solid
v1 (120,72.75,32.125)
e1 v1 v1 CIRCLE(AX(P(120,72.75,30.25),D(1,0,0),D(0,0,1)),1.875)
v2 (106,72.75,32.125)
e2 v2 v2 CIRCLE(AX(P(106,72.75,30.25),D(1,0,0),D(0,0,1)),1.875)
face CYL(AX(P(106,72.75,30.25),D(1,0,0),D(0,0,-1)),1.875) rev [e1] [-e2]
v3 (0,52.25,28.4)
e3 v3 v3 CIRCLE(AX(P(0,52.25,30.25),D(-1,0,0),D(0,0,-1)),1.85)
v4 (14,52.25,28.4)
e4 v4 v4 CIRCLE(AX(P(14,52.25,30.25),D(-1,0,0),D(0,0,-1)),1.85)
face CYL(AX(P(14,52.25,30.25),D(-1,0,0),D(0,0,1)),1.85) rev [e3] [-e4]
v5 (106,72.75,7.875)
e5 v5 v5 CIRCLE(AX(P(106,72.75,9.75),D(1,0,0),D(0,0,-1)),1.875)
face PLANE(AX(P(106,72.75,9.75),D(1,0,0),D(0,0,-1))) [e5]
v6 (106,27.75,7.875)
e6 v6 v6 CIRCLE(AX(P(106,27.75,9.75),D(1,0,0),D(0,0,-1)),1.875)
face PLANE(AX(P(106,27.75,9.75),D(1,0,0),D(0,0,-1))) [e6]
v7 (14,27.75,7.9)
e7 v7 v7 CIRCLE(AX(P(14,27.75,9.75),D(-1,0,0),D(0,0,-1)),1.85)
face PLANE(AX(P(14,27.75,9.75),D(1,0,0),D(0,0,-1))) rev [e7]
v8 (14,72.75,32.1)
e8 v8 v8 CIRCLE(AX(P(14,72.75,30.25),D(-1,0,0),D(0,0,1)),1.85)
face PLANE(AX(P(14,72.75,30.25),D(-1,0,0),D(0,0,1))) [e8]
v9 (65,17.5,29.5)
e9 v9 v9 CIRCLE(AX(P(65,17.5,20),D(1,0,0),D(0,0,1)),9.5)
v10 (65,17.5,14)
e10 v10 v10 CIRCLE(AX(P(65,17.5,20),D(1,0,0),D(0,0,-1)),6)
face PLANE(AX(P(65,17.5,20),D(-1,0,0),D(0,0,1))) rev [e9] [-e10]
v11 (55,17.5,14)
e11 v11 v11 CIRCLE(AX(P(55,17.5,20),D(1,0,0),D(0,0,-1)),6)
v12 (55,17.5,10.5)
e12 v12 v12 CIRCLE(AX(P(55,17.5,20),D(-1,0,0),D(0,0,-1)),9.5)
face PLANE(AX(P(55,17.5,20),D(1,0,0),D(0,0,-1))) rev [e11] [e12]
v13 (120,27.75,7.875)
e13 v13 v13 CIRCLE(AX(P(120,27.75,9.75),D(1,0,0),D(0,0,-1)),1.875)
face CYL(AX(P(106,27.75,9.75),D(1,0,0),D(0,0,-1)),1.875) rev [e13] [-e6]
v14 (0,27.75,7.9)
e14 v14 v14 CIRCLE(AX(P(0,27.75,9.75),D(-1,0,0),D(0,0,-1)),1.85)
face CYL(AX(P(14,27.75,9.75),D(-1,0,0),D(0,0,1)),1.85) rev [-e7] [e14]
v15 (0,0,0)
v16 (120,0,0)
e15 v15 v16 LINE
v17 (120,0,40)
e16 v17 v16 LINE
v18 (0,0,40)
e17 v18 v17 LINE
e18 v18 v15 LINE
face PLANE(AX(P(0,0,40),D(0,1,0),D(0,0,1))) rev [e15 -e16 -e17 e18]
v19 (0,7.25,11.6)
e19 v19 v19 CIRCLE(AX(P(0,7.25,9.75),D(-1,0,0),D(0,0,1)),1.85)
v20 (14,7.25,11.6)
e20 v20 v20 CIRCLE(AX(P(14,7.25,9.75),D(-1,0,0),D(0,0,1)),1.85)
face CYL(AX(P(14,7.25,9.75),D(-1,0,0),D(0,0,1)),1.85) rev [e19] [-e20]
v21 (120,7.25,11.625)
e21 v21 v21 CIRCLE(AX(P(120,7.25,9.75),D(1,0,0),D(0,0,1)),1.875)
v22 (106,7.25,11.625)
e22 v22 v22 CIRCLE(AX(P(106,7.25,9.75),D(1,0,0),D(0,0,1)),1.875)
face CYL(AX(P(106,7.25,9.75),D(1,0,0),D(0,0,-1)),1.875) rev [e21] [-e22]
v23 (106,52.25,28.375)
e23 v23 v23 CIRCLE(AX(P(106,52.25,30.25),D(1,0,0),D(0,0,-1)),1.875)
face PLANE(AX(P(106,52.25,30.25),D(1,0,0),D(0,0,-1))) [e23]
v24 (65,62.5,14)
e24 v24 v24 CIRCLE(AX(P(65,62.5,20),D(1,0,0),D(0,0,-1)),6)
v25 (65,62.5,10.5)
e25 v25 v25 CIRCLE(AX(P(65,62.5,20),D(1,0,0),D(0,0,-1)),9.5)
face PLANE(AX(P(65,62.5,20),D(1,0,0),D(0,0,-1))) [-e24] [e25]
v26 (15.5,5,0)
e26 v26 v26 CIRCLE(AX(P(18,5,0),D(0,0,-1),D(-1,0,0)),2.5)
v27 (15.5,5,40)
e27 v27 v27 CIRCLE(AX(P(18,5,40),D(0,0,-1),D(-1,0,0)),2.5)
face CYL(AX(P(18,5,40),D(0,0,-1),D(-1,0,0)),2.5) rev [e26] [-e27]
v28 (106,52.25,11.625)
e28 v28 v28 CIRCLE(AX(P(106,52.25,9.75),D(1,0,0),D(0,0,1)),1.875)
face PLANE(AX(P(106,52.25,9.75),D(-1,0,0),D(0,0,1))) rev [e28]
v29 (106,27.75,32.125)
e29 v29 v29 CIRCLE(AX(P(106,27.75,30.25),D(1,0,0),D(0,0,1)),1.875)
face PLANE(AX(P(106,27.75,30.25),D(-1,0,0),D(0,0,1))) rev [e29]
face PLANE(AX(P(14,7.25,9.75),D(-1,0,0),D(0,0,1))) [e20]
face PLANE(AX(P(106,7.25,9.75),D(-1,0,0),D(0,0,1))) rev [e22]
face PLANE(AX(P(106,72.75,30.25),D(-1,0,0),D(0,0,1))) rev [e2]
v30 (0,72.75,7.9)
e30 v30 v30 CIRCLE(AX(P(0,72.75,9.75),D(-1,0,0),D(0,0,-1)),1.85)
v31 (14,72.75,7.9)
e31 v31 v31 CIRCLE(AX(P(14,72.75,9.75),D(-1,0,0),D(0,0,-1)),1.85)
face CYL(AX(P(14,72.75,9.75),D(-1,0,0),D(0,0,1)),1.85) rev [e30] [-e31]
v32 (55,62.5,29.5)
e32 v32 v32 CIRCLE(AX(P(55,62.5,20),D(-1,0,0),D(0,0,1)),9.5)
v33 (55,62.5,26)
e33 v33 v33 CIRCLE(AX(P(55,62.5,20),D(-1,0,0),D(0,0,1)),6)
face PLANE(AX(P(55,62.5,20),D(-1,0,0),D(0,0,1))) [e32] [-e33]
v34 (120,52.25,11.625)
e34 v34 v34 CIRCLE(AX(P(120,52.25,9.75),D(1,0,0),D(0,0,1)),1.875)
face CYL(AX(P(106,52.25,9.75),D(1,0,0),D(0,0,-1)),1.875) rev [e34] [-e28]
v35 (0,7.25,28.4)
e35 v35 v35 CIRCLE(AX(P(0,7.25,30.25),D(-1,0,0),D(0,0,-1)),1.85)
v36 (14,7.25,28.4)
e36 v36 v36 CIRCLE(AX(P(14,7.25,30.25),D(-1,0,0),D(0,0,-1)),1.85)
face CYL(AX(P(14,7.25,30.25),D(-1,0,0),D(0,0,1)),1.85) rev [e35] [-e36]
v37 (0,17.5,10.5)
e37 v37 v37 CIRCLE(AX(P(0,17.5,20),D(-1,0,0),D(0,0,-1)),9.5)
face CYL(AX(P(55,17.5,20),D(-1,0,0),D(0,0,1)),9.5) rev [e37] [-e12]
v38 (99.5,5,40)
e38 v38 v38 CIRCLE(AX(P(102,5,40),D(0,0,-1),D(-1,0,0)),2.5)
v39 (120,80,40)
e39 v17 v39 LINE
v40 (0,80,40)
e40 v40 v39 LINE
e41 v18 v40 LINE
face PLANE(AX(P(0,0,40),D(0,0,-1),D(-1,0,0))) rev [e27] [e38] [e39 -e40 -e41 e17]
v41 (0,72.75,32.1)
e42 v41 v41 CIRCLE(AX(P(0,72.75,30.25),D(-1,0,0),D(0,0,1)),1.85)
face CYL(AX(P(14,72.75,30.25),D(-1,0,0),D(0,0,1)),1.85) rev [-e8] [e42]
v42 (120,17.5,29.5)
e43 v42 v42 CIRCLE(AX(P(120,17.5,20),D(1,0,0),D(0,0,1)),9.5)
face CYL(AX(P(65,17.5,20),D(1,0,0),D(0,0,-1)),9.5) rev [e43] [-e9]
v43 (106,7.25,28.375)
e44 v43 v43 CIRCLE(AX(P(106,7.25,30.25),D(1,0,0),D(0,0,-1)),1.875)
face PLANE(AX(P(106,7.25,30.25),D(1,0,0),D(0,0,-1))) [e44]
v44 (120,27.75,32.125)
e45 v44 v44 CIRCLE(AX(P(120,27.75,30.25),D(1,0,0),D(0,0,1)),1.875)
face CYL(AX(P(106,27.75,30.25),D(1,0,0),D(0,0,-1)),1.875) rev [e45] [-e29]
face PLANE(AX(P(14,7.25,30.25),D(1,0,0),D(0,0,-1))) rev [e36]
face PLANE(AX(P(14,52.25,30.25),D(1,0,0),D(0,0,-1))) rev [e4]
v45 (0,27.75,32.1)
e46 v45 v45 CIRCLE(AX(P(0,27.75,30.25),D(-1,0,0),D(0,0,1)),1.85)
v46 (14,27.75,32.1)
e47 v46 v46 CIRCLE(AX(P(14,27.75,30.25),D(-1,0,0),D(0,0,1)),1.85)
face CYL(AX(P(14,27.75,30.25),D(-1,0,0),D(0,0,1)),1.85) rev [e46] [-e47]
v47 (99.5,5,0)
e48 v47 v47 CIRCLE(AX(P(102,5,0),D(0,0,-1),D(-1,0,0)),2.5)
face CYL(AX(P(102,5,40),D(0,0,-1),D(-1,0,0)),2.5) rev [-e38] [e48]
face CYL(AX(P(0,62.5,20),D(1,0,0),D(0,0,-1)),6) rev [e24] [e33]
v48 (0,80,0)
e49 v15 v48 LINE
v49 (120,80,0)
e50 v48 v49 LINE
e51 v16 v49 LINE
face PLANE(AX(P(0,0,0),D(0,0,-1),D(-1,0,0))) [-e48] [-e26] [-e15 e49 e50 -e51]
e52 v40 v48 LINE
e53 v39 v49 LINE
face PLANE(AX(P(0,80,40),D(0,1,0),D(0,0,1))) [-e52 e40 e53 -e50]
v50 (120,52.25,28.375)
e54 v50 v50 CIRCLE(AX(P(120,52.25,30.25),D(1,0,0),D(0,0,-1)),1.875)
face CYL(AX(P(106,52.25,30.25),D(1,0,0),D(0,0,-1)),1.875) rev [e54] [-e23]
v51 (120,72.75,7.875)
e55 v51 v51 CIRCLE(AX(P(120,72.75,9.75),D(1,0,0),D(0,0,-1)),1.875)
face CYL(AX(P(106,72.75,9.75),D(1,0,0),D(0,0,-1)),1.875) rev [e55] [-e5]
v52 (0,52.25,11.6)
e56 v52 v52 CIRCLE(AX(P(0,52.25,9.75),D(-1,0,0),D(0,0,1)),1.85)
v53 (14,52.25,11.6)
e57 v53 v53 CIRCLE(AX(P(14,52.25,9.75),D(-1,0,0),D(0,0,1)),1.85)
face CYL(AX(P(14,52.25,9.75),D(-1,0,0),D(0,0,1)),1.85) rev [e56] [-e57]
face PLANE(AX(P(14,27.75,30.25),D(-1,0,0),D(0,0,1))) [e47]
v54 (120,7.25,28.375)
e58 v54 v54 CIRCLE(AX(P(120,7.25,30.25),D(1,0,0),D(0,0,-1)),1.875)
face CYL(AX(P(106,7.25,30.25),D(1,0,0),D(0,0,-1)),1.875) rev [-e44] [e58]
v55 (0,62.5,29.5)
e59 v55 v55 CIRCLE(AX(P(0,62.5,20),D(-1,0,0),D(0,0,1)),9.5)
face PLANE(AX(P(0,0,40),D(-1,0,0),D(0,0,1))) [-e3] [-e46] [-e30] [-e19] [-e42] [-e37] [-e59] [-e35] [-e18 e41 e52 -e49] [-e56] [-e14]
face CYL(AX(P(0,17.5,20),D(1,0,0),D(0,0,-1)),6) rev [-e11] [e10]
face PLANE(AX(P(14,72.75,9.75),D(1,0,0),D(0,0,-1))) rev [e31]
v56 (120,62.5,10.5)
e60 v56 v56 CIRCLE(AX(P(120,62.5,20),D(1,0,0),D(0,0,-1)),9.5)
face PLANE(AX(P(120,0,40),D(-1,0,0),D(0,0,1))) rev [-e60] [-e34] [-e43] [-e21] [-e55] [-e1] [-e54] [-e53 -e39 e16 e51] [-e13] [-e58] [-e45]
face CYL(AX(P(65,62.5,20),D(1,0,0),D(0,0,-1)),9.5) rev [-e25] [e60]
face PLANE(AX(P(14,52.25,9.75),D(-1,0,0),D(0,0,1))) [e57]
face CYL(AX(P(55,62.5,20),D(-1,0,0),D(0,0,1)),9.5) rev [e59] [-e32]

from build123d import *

# Parameters (mm, degrees)
SKETCH1_W                        = 120
SKETCH1_H                        = 80
BOSS_EXTRUDE1_DEPTH              = 40
SKETCH2_R                        = 1.85
LINEAR_BEARING_SCREW_CUTS_DEPTH  = 14
SKETCH3_R                        = 9.5
LINEAR_BEARINGS_HOLE_DEPTH       = 55
SKETCH4_R                        = 1.875
LINEAR_BEARING_SCREW_CUTS2_DEPTH = 14
CUT_EXTRUDE4_START               = -55
SKETCH5_R                        = 9.5
CUT_EXTRUDE4_DEPTH               = 55
SKETCH11_R                       = 6
CUT_EXTRUDE9_DEPTH               = 111.566721937
SKETCH13_R                       = 2.5
CUT_EXTRUDE11_DEPTH              = 150.666295471


with BuildPart() as part:
    # Sketch1 → Boss-Extrude1 (new body)
    with BuildSketch(Plane.XY):
        with Locations((60, 40)):
            Rectangle(SKETCH1_W, SKETCH1_H)
    extrude(amount=BOSS_EXTRUDE1_DEPTH)

    # Sketch2 → linear-bearing-screw-cuts (cut)
    with BuildSketch(Plane.ZY):
        with Locations((30.25, 72.75)):
            Circle(SKETCH2_R)
        with Locations(Location((9.75, 72.75, 0), (0, 0, 180))):
            Circle(SKETCH2_R)
        with Locations(Location((30.25, 52.25, 0), (0, 0, 180))):
            Circle(SKETCH2_R)
        with Locations((9.75, 52.25)):
            Circle(SKETCH2_R)
        with Locations(Location((9.75, 27.75, 0), (0, 0, 180))):
            Circle(SKETCH2_R)
        with Locations((30.25, 27.75)):
            Circle(SKETCH2_R)
        with Locations(Location((30.25, 7.25, 0), (0, 0, 180))):
            Circle(SKETCH2_R)
        with Locations((9.75, 7.25)):
            Circle(SKETCH2_R)
    extrude(amount=-LINEAR_BEARING_SCREW_CUTS_DEPTH, mode=Mode.SUBTRACT)

    # Sketch3 → linear-bearings-hole (cut)
    with BuildSketch(Plane.ZY):
        with Locations((20, 62.5)):
            Circle(SKETCH3_R)
        with Locations(Location((20, 17.5, 0), (0, 0, 180))):
            Circle(SKETCH3_R)
    extrude(amount=-LINEAR_BEARINGS_HOLE_DEPTH, mode=Mode.SUBTRACT)

    # Sketch4 → linear-bearing-screw-cuts2 (cut)
    with BuildSketch(Plane(origin=(120, 0, 0), x_dir=(0, 0, -1), z_dir=(1, 0, 0))):
        with Locations((-9.75, 72.75)):
            Circle(SKETCH4_R)
        with Locations(Location((-30.25, 72.75, 0), (0, 0, 180))):
            Circle(SKETCH4_R)
        with Locations(Location((-9.75, 52.25, 0), (0, 0, 180))):
            Circle(SKETCH4_R)
        with Locations((-30.25, 52.25)):
            Circle(SKETCH4_R)
        with Locations(Location((-30.25, 27.75, 0), (0, 0, 180))):
            Circle(SKETCH4_R)
        with Locations((-9.75, 27.75)):
            Circle(SKETCH4_R)
        with Locations(Location((-9.75, 7.25, 0), (0, 0, 180))):
            Circle(SKETCH4_R)
        with Locations((-30.25, 7.25)):
            Circle(SKETCH4_R)
    extrude(amount=-LINEAR_BEARING_SCREW_CUTS2_DEPTH, mode=Mode.SUBTRACT)

    # Sketch5 → Cut-Extrude4 (cut)
    with BuildSketch(Plane(origin=(120, 0, 0), x_dir=(0, 0, -1), z_dir=(1, 0, 0)).offset(CUT_EXTRUDE4_START)):
        with Locations(Location((-20, 62.5, 0), (0, 0, 180))):
            Circle(SKETCH5_R)
        with Locations((-20, 17.5)):
            Circle(SKETCH5_R)
    extrude(amount=CUT_EXTRUDE4_DEPTH, mode=Mode.SUBTRACT)

    # Sketch11 → Cut-Extrude9 (cut, through all)
    with BuildSketch(Plane(origin=(65, 0, 0), x_dir=(0, 0, -1), z_dir=(1, 0, 0))):
        with Locations((-20, 62.5)):
            Circle(SKETCH11_R)
        with Locations((-20, 17.5)):
            Circle(SKETCH11_R)
    extrude(amount=-CUT_EXTRUDE9_DEPTH, mode=Mode.SUBTRACT)

    # Sketch13 → Cut-Extrude11 (cut, through all)
    with BuildSketch(Plane(origin=(0, 0, 0), x_dir=(-1, 0, 0), z_dir=(0, 0, -1))):
        with Locations((-102, 5)):
            Circle(SKETCH13_R)
        with Locations((-18, 5)):
            Circle(SKETCH13_R)
    extrude(amount=-CUT_EXTRUDE11_DEPTH, mode=Mode.SUBTRACT)


solid = part.part
